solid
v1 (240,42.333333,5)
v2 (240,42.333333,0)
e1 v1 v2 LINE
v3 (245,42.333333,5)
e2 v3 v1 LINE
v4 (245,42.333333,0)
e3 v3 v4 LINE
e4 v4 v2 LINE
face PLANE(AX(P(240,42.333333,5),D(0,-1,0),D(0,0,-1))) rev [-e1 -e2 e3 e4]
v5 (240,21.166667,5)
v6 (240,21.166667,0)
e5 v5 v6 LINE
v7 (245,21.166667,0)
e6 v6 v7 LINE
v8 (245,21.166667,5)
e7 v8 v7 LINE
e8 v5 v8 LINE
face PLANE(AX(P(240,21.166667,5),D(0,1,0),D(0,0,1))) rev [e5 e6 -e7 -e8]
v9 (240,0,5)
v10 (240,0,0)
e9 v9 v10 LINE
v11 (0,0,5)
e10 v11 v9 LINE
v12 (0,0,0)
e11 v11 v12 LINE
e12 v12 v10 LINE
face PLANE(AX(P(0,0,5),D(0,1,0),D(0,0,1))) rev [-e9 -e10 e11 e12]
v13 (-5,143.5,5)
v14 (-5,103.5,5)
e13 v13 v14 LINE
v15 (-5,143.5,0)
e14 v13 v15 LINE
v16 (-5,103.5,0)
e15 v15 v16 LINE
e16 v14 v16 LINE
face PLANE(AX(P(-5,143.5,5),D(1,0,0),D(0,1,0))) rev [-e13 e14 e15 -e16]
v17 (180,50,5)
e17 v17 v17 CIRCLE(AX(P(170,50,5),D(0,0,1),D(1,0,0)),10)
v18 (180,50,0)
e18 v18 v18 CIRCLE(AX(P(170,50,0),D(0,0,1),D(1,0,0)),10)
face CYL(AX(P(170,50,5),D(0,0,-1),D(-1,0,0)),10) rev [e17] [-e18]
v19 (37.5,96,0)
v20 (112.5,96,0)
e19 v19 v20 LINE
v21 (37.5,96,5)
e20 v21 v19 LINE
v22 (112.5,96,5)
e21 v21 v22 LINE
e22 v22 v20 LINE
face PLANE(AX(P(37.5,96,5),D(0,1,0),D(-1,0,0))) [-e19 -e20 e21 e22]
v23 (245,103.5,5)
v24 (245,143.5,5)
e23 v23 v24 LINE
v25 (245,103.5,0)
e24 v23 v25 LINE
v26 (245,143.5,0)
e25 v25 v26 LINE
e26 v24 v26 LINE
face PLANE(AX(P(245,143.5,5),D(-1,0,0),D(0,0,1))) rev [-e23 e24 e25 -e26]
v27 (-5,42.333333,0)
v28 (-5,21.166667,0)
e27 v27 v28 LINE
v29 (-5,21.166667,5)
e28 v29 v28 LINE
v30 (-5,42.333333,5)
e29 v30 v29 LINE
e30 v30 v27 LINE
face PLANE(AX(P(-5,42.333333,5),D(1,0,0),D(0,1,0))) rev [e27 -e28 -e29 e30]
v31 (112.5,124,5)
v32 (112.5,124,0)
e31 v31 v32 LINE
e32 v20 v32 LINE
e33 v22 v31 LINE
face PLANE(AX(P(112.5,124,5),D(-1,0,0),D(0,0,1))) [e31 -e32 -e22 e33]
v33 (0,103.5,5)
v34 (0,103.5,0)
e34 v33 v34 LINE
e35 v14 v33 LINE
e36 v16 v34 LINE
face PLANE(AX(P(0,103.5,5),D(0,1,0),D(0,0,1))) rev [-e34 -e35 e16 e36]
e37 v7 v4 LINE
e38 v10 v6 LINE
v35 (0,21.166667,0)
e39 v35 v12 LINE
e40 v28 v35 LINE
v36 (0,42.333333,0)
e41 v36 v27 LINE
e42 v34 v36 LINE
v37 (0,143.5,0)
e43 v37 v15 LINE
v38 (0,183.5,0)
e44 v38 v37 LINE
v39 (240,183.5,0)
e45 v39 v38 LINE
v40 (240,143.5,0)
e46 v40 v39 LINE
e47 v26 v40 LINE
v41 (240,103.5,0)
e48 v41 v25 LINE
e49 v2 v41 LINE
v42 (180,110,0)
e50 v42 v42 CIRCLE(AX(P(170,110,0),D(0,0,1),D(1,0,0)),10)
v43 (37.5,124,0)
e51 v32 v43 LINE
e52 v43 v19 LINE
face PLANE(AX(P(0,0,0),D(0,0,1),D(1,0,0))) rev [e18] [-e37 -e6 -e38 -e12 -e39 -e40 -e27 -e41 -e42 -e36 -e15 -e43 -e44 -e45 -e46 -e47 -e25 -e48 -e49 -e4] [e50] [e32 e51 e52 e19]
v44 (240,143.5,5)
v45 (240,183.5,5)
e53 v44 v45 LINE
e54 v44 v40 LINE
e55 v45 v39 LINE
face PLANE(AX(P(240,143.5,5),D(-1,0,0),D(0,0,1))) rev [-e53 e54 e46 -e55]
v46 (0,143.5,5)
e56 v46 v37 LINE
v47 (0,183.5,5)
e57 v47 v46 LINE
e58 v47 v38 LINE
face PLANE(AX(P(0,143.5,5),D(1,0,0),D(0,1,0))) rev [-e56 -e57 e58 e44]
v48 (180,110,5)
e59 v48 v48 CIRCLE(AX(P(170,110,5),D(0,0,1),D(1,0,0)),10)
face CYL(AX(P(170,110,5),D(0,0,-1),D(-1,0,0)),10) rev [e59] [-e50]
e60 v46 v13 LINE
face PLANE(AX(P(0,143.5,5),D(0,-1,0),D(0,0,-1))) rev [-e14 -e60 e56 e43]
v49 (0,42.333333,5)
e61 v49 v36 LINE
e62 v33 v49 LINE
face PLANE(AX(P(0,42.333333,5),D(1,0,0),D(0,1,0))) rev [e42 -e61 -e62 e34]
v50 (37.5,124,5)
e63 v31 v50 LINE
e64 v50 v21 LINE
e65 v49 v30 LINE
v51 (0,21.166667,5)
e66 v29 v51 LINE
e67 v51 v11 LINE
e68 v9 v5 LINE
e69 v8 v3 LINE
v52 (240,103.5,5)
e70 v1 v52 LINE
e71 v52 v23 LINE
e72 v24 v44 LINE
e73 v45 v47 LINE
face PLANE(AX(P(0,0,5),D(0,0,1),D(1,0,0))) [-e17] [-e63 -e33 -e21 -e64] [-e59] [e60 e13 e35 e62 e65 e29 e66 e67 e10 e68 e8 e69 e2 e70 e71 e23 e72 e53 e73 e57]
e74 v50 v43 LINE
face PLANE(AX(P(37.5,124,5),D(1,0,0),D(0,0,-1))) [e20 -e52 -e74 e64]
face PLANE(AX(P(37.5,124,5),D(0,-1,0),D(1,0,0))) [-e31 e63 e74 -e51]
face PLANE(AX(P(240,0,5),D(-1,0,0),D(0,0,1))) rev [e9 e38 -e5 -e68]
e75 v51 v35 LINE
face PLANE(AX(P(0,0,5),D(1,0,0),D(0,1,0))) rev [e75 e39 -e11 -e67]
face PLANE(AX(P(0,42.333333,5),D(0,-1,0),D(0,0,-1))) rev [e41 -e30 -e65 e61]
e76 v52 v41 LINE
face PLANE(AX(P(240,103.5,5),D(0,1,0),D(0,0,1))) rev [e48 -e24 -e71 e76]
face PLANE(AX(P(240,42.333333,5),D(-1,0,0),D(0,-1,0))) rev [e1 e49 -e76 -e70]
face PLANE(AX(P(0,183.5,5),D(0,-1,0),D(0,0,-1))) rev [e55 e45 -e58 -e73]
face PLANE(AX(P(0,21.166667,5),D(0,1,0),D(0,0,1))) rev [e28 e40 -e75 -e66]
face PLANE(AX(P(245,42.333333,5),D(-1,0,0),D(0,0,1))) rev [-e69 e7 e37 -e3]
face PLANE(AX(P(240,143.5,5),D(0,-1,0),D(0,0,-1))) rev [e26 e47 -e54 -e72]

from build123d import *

# Parameters (mm, degrees)
ESQUISSE1_R        = 10
ESQUISSE1_W        = 75
ESQUISSE1_H        = 28
BOSS_EXTRU_1_DEPTH = 5


with BuildPart() as part:
    # Esquisse1 → Boss.-Extru.1 (new body)
    with BuildSketch(Plane.XY):
        Polygon((0, 143.5), (0, 183.5), (240, 183.5), (240, 143.5), (245, 143.5), (245, 103.5), (240, 103.5), (240, 42.333333333), (245, 42.333333333), (245, 21.166666667), (240, 21.166666667), (240, 0), (0, 0), (0, 21.166666667), (-5, 21.166666667), (-5, 42.333333333), (0, 42.333333333), (0, 103.5), (-5, 103.5), (-5, 143.5), align=None)
        with Locations((170, 110)):
            Circle(ESQUISSE1_R, mode=Mode.SUBTRACT)
        with Locations((170, 50)):
            Circle(ESQUISSE1_R, mode=Mode.SUBTRACT)
        with Locations((75, 110)):
            Rectangle(ESQUISSE1_W, ESQUISSE1_H, mode=Mode.SUBTRACT)
    extrude(amount=BOSS_EXTRU_1_DEPTH)


solid = part.part
